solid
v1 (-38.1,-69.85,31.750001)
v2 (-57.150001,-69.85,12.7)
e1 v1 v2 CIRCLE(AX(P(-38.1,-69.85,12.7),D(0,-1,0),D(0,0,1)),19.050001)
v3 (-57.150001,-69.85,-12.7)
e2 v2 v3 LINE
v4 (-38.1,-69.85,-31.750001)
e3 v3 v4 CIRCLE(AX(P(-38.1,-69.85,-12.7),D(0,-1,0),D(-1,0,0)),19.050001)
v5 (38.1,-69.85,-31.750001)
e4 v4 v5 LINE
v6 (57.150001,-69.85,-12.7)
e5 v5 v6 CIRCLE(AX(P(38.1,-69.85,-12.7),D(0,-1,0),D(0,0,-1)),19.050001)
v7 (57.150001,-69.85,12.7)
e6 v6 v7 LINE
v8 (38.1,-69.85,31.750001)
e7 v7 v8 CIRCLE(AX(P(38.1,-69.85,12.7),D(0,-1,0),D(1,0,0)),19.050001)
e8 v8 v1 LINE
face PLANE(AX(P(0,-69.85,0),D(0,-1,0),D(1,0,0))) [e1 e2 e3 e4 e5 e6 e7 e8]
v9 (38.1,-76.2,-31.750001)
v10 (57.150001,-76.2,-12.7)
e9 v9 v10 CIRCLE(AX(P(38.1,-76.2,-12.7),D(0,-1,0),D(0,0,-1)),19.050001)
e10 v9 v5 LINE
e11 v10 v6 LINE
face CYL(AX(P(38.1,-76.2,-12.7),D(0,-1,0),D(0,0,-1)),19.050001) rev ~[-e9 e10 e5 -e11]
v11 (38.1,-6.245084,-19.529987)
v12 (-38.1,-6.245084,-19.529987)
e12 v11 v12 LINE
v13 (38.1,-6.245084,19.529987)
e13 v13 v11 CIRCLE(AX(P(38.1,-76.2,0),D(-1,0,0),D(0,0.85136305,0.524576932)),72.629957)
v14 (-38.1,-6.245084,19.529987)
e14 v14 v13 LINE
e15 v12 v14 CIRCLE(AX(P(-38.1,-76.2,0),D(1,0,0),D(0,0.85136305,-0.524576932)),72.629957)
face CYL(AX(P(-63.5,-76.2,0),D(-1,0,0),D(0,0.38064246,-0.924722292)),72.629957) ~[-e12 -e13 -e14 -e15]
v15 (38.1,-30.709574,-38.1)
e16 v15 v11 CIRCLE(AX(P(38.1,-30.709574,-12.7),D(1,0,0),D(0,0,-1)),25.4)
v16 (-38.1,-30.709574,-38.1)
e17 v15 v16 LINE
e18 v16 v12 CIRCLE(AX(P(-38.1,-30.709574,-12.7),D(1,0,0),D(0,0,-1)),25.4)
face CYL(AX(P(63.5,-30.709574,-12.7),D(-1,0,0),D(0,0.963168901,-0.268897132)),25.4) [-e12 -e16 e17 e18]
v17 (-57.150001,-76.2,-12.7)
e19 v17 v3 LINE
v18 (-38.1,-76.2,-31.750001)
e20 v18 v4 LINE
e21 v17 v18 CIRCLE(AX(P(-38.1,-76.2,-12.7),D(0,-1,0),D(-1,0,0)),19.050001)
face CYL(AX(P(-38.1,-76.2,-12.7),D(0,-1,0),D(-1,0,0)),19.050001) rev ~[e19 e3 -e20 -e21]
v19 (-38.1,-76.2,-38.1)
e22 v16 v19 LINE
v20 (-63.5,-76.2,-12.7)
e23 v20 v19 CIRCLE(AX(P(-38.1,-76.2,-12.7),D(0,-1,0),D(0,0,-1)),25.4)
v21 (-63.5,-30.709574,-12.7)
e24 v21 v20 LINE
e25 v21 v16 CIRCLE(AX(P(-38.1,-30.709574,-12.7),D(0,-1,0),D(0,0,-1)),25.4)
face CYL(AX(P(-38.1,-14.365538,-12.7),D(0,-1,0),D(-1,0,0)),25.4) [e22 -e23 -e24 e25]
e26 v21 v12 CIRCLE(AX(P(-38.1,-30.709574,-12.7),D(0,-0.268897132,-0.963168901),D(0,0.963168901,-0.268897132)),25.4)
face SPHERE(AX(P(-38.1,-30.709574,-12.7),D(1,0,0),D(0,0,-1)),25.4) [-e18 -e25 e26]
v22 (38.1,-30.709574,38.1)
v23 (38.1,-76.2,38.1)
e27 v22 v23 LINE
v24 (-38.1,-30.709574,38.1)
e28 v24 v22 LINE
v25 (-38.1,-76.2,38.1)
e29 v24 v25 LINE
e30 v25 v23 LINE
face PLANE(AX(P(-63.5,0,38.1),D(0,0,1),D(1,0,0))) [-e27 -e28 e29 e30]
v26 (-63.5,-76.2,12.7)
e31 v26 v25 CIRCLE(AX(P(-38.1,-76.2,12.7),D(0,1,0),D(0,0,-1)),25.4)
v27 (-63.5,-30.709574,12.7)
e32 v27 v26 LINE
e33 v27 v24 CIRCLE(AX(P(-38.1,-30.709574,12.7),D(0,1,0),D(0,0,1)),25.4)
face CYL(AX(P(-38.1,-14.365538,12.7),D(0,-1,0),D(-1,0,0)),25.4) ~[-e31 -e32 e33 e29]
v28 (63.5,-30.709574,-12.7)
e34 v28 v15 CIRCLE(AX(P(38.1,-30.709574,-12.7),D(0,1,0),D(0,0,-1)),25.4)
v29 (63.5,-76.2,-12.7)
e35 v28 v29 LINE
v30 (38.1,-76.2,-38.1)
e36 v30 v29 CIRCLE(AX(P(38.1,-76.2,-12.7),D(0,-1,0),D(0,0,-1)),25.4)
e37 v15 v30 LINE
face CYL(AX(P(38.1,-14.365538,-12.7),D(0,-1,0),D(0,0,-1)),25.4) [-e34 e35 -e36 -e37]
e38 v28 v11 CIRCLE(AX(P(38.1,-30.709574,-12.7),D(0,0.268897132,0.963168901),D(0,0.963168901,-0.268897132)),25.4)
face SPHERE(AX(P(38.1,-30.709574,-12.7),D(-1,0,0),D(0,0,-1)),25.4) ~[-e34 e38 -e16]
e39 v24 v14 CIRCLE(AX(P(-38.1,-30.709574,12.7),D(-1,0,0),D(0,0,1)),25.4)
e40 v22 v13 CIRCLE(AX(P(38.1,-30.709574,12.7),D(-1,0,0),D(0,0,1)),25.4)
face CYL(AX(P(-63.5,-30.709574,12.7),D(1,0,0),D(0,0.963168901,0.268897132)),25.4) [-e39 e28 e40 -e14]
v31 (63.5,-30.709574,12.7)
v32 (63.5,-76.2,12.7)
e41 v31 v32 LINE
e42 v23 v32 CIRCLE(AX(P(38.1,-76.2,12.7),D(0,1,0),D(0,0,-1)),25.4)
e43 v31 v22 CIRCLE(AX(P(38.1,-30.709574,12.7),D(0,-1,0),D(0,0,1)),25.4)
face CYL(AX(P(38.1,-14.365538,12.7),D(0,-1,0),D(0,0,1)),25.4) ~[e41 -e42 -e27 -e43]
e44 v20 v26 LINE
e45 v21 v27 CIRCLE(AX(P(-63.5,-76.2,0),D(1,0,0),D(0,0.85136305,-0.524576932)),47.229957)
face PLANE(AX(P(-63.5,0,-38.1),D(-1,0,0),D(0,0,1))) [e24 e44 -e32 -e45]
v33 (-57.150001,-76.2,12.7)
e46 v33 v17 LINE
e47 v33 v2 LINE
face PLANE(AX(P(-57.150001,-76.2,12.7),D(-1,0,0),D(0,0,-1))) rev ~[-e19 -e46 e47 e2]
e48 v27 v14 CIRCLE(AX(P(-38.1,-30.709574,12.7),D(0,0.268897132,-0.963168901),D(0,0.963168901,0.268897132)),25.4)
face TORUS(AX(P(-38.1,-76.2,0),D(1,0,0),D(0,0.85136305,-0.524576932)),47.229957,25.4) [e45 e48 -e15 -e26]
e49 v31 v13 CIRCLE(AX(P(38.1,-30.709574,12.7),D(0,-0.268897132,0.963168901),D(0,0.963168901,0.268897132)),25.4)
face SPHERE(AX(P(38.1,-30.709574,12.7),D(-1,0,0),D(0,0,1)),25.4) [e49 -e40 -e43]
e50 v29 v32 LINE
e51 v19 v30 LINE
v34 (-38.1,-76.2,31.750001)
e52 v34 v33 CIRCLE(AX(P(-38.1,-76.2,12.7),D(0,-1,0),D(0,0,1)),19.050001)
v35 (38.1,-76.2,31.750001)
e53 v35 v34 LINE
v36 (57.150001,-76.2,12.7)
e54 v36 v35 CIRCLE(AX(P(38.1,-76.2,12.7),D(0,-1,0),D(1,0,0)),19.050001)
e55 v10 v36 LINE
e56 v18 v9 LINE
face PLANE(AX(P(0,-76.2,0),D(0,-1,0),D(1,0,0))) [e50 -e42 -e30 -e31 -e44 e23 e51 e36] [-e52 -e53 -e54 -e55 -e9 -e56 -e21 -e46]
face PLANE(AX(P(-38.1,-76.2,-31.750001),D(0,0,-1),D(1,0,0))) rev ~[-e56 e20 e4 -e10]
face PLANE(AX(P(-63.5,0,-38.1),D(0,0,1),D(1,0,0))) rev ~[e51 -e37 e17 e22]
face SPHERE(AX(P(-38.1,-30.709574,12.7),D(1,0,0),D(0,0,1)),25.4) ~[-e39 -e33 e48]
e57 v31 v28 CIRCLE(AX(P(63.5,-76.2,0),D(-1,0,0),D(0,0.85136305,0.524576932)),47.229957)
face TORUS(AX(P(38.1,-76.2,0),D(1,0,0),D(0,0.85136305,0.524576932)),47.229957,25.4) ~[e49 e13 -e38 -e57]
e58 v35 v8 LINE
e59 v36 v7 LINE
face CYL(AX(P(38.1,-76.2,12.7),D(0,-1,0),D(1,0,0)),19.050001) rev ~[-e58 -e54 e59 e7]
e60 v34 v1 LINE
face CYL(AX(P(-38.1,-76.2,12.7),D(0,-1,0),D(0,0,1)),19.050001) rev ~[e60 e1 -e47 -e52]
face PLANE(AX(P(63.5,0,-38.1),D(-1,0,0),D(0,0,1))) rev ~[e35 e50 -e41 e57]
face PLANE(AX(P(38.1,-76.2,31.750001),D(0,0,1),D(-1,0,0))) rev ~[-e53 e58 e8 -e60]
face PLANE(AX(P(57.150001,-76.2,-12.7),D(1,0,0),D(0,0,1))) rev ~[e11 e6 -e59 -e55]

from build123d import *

# Parameters (mm, degrees)
F0_W     = 127
F0_H     = 76.2
F1_DEPTH = 76.2
F3_DEPTH = 127.001
F4_R     = 25.4
F6_DEPTH = 6.35


with BuildPart() as f1:
    # F0 (on Front) → F1 (new body)
    with BuildSketch(Plane.XZ):
        Rectangle(F0_W, F0_H)
    extrude(amount=F1_DEPTH)

    # F2 (on face) → F3 (cut, through all)
    with BuildSketch(Plane(origin=(-63.5, 0, 0), x_dir=(0, -1, 0), z_dir=(-1, 0, 0))):
        with BuildLine():
            ThreePointArc((14.3655382942, 38.1), (37.6635127669, 61.5633803993), (68.9486063382, 72.2670598849))
            Line((68.9486063382, 72.2670598849), (-52.0951251411, 60.1213361119))
            Line((-52.0951251411, 60.1213361119), (-33.0926589668, -48.5322624445))
            Line((-33.0926589668, -48.5322624445), (48.5539544729, -67.162540312))
            ThreePointArc((48.5539544729, -67.162540312), (29.1590805148, -55.3377136177), (14.3655382942, -38.1))
            Line((14.3655382942, -38.1), (0, -38.1))
            Line((0, -38.1), (0, 38.1))
            Line((0, 38.1), (14.3655382942, 38.1))
        make_face()
        with BuildLine():
            ThreePointArc((14.3655382942, -38.1), (3.5700429957, 0), (14.3655382942, 38.1))
            Line((14.3655382942, 38.1), (0, 38.1))
            Line((0, 38.1), (0, -38.1))
            Line((0, -38.1), (14.3655382942, -38.1))
        make_face()
    extrude(amount=-F3_DEPTH, mode=Mode.SUBTRACT)

    # F4
    f4_edges = [f1.edges().sort_by_distance(p)[0] for p in [
        (-63.5, -45.282769, 38.1),
        (63.5, -45.282769, 38.1),
        (-63.5, -45.282769, -38.1),
        (63.5, -45.282769, -38.1),
        (63.5, -3.570043, 0),
        (-63.5, -3.570043, 0),
        (0, -14.365538, -38.1),
        (0, -14.365538, 38.1),
    ]]
    fillet(f4_edges, radius=F4_R)

    # F5 (on face) → F6 (cut)
    with BuildSketch(Plane.XZ.offset(76.2)):
        with BuildLine():
            Line((57.1500010133, -12.7), (57.1500010133, 12.7))
            ThreePointArc((57.1500010133, 12.7), (51.5703848981, 26.1703848981), (38.1, 31.7500010133))
            Line((38.1, 31.7500010133), (-38.1, 31.7500010133))
            ThreePointArc((-38.1, 31.7500010133), (-51.5703848981, 26.1703848981), (-57.1500010133, 12.7))
            Line((-57.1500010133, 12.7), (-57.1500010133, -12.7))
            ThreePointArc((-57.1500010133, -12.7), (-51.5703848981, -26.1703848981), (-38.1, -31.7500010133))
            Line((-38.1, -31.7500010133), (38.1, -31.7500010133))
            ThreePointArc((38.1, -31.7500010133), (51.5703848981, -26.1703848981), (57.1500010133, -12.7))
        make_face()
    extrude(amount=-F6_DEPTH, mode=Mode.SUBTRACT)


solid = f1.part
